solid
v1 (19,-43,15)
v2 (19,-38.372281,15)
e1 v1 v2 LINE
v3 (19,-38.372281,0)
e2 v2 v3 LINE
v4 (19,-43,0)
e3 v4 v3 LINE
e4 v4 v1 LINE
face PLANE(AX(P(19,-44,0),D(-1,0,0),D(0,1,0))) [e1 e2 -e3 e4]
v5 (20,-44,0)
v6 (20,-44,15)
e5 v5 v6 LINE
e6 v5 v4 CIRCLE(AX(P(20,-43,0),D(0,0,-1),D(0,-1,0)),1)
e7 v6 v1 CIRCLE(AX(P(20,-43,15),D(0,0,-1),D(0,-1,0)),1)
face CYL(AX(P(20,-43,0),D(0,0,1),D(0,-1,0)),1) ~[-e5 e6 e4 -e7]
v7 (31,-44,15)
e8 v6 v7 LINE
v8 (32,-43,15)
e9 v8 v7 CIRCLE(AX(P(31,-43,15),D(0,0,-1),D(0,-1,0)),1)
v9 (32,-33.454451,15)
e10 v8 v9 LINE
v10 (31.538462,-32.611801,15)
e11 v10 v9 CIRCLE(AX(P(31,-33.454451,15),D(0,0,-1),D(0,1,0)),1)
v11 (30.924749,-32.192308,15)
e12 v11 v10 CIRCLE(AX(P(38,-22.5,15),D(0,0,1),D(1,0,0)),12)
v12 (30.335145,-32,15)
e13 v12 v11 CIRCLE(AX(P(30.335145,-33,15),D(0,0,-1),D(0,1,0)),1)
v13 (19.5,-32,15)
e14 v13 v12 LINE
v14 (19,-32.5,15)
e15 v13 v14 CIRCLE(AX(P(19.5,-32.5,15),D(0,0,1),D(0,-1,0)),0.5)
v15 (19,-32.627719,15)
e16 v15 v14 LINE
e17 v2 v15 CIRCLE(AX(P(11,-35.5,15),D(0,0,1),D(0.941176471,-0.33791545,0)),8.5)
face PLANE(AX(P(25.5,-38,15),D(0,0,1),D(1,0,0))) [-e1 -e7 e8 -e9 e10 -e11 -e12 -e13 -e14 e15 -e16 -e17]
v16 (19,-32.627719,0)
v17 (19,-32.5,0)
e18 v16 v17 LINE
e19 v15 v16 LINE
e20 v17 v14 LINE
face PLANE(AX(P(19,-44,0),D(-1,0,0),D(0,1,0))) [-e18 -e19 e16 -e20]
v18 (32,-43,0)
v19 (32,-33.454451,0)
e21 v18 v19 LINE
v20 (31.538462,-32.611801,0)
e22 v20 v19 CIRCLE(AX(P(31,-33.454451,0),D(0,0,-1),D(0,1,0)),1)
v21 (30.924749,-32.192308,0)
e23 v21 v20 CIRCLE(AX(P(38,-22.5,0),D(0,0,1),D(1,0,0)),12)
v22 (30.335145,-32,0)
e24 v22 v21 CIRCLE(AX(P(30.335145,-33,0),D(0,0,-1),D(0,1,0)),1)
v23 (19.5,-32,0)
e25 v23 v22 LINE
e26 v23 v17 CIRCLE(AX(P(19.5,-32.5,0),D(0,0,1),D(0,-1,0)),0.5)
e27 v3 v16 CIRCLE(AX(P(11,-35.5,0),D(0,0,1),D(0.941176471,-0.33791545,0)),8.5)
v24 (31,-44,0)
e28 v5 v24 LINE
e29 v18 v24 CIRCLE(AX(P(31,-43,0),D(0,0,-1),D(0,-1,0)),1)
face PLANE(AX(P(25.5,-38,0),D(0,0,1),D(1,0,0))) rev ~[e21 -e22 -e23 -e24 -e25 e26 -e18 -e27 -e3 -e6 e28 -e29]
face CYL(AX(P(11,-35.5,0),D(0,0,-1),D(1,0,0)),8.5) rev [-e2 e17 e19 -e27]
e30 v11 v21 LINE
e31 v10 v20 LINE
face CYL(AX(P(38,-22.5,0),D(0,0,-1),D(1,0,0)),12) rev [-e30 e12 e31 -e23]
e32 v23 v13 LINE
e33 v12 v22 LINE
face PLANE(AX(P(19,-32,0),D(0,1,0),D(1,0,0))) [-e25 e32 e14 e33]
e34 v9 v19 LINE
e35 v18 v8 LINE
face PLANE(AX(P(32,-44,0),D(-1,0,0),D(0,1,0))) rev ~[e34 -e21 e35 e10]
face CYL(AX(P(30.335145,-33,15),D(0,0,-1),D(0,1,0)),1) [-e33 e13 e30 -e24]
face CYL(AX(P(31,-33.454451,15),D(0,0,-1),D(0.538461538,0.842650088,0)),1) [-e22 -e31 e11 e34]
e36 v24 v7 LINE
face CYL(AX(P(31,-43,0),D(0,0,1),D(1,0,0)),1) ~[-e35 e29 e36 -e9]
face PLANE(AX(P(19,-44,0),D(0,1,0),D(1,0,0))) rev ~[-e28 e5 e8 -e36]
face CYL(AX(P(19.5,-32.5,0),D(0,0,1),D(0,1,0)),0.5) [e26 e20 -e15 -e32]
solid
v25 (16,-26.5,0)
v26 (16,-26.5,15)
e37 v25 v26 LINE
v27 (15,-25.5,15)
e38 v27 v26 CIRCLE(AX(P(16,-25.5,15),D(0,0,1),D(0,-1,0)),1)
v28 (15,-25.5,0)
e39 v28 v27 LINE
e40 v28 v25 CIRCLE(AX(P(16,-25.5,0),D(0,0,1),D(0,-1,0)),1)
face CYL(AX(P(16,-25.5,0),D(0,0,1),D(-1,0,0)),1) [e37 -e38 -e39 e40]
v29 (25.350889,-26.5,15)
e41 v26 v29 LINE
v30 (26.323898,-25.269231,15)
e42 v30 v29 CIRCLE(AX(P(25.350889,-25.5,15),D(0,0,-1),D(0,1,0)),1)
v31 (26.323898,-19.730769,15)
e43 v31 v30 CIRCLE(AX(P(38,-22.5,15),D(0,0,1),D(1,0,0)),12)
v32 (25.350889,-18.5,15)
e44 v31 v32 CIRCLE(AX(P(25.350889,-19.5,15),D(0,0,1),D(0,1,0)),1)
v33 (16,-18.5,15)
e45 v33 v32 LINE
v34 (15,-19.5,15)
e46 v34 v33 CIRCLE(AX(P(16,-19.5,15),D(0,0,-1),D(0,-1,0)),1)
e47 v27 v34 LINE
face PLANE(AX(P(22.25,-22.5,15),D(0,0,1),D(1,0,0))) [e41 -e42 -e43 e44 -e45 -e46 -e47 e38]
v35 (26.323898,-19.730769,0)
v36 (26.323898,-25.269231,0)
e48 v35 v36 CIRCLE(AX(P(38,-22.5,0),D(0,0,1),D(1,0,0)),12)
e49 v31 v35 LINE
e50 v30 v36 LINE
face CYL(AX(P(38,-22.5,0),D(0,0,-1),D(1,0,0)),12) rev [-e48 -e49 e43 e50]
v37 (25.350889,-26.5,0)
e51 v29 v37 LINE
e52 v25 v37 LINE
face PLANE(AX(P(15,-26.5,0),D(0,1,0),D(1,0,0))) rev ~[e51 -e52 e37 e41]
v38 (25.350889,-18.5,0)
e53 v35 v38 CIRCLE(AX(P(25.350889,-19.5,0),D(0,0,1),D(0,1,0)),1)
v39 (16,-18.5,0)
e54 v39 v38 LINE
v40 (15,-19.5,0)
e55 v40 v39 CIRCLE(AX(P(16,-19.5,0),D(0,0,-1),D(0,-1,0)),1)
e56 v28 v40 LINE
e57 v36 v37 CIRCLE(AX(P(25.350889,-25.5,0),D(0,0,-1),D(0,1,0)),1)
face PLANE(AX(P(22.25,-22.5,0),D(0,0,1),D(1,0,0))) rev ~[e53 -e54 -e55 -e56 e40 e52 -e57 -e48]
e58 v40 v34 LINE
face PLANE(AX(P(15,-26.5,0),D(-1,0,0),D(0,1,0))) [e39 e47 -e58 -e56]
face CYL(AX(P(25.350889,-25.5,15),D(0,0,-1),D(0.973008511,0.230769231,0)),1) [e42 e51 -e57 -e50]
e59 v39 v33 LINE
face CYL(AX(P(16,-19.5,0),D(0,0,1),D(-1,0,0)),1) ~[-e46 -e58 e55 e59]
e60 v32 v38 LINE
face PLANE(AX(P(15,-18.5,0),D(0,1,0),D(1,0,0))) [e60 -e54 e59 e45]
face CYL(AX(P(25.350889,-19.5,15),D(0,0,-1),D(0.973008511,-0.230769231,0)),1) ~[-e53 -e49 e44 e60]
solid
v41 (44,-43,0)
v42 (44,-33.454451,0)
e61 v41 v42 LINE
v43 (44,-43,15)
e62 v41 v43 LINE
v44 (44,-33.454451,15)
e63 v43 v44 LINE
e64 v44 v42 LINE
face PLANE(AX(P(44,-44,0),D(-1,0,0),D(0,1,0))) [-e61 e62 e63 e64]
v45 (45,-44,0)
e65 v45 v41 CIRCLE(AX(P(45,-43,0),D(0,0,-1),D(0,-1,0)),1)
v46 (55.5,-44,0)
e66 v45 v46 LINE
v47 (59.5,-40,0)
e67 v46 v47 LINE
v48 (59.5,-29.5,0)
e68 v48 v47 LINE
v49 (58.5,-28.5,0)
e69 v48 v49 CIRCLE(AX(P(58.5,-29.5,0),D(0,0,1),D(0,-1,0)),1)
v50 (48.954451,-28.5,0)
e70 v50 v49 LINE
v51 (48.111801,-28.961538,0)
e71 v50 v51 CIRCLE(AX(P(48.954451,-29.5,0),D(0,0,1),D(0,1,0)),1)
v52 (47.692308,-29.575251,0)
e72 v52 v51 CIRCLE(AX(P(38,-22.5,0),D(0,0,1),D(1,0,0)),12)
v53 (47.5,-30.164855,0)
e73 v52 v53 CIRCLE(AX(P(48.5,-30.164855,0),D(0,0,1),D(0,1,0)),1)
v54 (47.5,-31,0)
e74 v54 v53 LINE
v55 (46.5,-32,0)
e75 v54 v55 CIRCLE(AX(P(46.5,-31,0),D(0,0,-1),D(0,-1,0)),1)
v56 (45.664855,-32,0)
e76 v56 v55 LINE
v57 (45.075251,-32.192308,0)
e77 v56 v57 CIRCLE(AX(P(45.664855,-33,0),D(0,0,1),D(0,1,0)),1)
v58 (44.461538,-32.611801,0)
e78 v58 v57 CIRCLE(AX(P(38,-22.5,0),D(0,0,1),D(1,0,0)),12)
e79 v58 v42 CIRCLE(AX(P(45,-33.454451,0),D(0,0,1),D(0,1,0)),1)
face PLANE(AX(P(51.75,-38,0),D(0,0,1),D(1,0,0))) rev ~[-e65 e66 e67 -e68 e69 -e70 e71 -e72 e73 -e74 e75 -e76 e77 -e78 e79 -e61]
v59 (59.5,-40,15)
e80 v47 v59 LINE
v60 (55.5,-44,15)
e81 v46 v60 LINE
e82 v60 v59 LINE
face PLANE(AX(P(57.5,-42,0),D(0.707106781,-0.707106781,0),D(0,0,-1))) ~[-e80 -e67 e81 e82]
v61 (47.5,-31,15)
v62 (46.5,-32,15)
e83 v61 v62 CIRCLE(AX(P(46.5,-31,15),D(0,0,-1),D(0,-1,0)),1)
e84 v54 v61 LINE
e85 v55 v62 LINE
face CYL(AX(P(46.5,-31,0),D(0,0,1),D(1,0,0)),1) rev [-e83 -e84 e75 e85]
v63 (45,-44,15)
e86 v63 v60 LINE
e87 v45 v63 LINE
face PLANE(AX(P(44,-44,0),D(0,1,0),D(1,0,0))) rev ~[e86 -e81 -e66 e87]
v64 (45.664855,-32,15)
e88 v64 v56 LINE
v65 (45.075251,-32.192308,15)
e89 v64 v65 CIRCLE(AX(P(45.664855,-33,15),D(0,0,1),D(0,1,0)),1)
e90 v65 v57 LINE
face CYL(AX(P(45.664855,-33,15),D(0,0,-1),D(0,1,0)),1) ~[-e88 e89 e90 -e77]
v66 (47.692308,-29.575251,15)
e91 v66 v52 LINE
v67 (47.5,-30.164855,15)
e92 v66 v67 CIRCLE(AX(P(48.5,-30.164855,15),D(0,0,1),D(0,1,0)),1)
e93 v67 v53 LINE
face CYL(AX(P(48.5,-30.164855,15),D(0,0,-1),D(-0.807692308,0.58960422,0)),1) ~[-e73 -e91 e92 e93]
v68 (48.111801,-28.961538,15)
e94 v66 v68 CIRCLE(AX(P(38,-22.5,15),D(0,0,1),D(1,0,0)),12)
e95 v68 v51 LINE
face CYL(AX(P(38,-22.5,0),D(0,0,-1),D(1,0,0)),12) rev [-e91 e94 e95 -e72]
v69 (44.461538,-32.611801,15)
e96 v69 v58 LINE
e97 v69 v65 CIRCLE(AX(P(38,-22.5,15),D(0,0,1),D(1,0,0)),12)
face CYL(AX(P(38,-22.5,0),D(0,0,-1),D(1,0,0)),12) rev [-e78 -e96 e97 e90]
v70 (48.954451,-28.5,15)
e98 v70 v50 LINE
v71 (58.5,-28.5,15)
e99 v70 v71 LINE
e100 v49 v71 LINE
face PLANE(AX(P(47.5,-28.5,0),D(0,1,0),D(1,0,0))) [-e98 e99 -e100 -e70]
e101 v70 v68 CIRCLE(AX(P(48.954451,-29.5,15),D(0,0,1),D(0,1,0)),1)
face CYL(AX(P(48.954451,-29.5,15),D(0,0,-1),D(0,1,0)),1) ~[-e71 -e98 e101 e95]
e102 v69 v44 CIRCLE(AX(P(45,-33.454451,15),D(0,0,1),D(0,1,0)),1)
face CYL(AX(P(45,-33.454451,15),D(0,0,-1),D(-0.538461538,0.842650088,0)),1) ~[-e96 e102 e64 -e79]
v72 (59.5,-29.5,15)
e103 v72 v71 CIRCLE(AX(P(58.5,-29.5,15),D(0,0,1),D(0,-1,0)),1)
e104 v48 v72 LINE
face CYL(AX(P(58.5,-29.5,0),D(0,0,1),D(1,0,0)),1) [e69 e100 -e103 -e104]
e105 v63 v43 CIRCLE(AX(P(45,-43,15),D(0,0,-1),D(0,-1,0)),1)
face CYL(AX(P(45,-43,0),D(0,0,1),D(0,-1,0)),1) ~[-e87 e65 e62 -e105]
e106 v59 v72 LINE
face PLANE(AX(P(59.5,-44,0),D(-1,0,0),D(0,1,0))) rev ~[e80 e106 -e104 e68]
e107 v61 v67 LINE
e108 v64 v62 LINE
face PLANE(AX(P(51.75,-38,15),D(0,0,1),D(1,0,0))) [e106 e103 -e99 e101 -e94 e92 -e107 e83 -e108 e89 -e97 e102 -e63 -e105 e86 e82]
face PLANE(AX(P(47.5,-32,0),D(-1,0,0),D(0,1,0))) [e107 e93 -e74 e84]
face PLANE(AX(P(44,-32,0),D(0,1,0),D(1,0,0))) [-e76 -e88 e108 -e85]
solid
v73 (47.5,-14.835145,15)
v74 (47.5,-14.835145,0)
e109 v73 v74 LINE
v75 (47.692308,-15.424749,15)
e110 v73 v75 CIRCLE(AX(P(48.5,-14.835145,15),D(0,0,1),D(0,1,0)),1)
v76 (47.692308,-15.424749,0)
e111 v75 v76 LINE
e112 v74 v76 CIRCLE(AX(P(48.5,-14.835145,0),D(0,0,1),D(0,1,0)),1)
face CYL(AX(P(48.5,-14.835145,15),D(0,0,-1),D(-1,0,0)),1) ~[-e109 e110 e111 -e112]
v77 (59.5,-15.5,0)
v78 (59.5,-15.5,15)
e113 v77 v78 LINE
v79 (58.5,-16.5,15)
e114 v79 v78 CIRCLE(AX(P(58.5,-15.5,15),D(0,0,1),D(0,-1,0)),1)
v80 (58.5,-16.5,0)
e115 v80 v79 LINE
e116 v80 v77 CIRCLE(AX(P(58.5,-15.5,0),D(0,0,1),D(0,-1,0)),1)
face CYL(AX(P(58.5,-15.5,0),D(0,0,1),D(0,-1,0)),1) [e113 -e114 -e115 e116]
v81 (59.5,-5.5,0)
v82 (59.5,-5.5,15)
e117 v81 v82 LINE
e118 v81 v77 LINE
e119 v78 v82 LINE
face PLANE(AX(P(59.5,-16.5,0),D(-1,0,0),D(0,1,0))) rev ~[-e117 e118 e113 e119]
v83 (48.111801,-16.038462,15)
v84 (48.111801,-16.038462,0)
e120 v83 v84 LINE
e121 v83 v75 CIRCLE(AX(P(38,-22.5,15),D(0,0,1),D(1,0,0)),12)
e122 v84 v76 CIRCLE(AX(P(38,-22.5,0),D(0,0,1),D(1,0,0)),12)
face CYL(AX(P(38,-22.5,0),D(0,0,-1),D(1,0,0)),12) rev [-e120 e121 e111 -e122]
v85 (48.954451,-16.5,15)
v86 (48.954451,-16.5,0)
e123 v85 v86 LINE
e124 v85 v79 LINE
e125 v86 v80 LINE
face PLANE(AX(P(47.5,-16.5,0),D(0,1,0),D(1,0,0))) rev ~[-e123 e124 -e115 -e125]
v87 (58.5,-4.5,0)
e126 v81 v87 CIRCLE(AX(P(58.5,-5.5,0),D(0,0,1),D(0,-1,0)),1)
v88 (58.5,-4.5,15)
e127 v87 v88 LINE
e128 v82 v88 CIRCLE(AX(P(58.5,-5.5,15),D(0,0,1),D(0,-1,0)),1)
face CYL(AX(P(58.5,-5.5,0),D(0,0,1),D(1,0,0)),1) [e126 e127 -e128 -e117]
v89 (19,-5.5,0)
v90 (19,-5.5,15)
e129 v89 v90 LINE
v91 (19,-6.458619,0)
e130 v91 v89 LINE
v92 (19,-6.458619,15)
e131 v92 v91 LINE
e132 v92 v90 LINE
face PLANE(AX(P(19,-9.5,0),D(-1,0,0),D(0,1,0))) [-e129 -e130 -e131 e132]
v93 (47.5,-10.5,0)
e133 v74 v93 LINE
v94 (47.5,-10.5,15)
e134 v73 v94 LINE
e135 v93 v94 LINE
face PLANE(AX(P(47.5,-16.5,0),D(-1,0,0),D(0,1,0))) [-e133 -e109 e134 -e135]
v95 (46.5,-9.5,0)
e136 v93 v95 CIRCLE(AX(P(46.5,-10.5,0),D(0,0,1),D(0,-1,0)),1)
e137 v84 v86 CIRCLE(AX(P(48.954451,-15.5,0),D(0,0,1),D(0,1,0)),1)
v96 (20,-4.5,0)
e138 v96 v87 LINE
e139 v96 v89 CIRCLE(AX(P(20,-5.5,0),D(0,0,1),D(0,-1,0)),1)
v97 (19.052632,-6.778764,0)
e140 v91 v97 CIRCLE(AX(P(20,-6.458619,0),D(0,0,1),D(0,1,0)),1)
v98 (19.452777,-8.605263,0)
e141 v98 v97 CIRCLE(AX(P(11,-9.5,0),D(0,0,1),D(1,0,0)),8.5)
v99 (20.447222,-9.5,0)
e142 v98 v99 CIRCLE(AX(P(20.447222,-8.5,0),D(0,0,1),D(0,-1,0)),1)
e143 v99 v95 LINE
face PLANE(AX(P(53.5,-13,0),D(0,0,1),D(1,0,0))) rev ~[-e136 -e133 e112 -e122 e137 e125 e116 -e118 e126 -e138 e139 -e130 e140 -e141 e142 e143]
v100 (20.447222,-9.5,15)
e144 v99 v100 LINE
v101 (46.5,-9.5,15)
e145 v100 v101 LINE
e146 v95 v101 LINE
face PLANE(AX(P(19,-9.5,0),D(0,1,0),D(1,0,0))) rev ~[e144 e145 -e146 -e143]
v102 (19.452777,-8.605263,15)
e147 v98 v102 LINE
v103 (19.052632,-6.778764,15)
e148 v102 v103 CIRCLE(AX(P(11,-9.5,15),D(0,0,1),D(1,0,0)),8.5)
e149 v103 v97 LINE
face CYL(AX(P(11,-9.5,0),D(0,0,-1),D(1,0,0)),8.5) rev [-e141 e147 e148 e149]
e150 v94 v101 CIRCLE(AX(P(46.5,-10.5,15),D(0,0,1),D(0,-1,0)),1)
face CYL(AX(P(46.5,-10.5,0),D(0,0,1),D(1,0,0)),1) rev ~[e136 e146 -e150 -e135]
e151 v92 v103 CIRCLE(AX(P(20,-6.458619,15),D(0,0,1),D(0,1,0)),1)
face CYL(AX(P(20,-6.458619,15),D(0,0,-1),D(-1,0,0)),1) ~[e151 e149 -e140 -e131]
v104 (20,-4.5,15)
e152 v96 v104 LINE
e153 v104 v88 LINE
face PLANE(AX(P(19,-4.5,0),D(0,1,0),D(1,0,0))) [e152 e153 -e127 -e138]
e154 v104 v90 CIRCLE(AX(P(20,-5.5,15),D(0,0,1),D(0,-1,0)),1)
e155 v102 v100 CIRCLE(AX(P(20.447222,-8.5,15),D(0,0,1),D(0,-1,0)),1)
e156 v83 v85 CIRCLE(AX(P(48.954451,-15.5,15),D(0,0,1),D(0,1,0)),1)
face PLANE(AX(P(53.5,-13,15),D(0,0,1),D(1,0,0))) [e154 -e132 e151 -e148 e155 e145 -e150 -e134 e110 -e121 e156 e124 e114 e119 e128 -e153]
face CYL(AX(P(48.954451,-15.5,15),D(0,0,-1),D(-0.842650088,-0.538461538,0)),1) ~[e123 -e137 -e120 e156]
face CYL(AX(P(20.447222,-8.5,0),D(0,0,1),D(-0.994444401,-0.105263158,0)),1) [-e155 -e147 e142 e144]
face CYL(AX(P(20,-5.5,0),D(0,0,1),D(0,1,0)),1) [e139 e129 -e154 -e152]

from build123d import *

# Parameters (mm, degrees)
CYLINDER069_R     = 8.5
CYLINDER069_DEPTH = 15
CYLINDER071_R     = 8.5
CYLINDER071_DEPTH = 15
CYLINDER070_R     = 12
CYLINDER070_DEPTH = 15
BOX015_W          = 12
BOX015_H          = 7
BOX015_DEPTH      = 15
BOX014_W          = 12
BOX014_H          = 3.5
BOX014_DEPTH      = 15
BOX012_W          = 15.5
BOX012_H          = 12
BOX012_DEPTH      = 15
CHAMFER012_SIZE   = 4
BOX011_W          = 13
BOX011_H          = 12
BOX011_DEPTH      = 15
BOX016_W          = 14.5
BOX016_H          = 8
BOX016_DEPTH      = 15
BOX013_W          = 40.5
BOX013_H          = 5
BOX013_DEPTH      = 15
FILLET003_R       = 0.5
FILLET004_R       = 1


with BuildPart() as cylinder069:
    # Cylinder069 → Cylinder069 (new body)
    with BuildSketch(Plane(origin=(11, -35.5, 0), x_dir=(1, 0, 0), z_dir=(0, 0, 1))):
        Circle(CYLINDER069_R)
    extrude(amount=CYLINDER069_DEPTH)


with BuildPart() as cylinder071:
    # Cylinder071 → Cylinder071 (new body)
    with BuildSketch(Plane(origin=(11, -9.5, 0), x_dir=(1, 0, 0), z_dir=(0, 0, 1))):
        Circle(CYLINDER071_R)
    extrude(amount=CYLINDER071_DEPTH)


with BuildPart() as fusion006002011004053036004001003011:
    # Cylinder070 → Cylinder070 (new body)
    with BuildSketch(Plane(origin=(38, -22.5, 0), x_dir=(1, 0, 0), z_dir=(0, 0, 1))):
        Circle(CYLINDER070_R)
    extrude(amount=CYLINDER070_DEPTH)

    # Fusion006002011004053036004001003011: union Cylinder069, Cylinder071
    add(cylinder069.part)
    add(cylinder071.part)


with BuildPart() as cube015:
    # Box015 → Box015 (new body)
    with BuildSketch(Plane(origin=(47.5, -16.5, 0), x_dir=(1, 0, 0), z_dir=(0, 0, 1))):
        with Locations((6, 3.5)):
            Rectangle(BOX015_W, BOX015_H)
    extrude(amount=BOX015_DEPTH)


with BuildPart() as cube014:
    # Box014 → Box014 (new body)
    with BuildSketch(Plane(origin=(47.5, -32, 0), x_dir=(1, 0, 0), z_dir=(0, 0, 1))):
        with Locations((6, 1.75)):
            Rectangle(BOX014_W, BOX014_H)
    extrude(amount=BOX014_DEPTH)


with BuildPart() as chamfer012:
    # Box012 → Box012 (new body)
    with BuildSketch(Plane(origin=(44, -44, 0), x_dir=(1, 0, 0), z_dir=(0, 0, 1))):
        with Locations((7.75, 6)):
            Rectangle(BOX012_W, BOX012_H)
    extrude(amount=BOX012_DEPTH)

    # Chamfer012
    chamfer012_edges = [chamfer012.edges().sort_by_distance(p)[0] for p in [
        (59.5, -44, 7.5),
    ]]
    chamfer(chamfer012_edges, length=CHAMFER012_SIZE)


with BuildPart() as cube011:
    # Box011 → Box011 (new body)
    with BuildSketch(Plane(origin=(19, -44, 0), x_dir=(1, 0, 0), z_dir=(0, 0, 1))):
        with Locations((6.5, 6)):
            Rectangle(BOX011_W, BOX011_H)
    extrude(amount=BOX011_DEPTH)


with BuildPart() as cube016:
    # Box016 → Box016 (new body)
    with BuildSketch(Plane(origin=(15, -26.5, 0), x_dir=(1, 0, 0), z_dir=(0, 0, 1))):
        with Locations((7.25, 4)):
            Rectangle(BOX016_W, BOX016_H)
    extrude(amount=BOX016_DEPTH)


with BuildPart() as wall:
    # Box013 → Box013 (new body)
    with BuildSketch(Plane(origin=(19, -9.5, 0), x_dir=(1, 0, 0), z_dir=(0, 0, 1))):
        with Locations((20.25, 2.5)):
            Rectangle(BOX013_W, BOX013_H)
    extrude(amount=BOX013_DEPTH)

    # Fusion006002011004053036004001003012: union Cube015, Cube014, Chamfer012, Cube011, Cube016
    add(cube015.part)
    add(cube014.part)
    add(chamfer012.part)
    add(cube011.part)
    add(cube016.part)

    # Cut002008008: cut Fusion006002011004053036004001003011
    add(fusion006002011004053036004001003011.part, mode=Mode.SUBTRACT)

    # Fillet003
    fillet003_edges = [wall.edges().sort_by_distance(p)[0] for p in [
        (19, -32, 7.5),
    ]]
    fillet(fillet003_edges, radius=FILLET003_R)

    # Fillet004
    fillet004_edges = [wall.edges().sort_by_distance(p)[0] for p in [
        (30.668561, -32, 7.5),
        (32, -32.892305, 7.5),
        (19, -44, 7.5),
        (32, -44, 7.5),
        (19, -4.5, 7.5),
        (19, -6.627719, 7.5),
        (59.5, -4.5, 7.5),
        (19.5, -9.5, 7.5),
        (47.5, -9.5, 7.5),
        (59.5, -16.5, 7.5),
        (47.5, -15.168561, 7.5),
        (48.392305, -16.5, 7.5),
        (47.5, -29.831439, 7.5),
        (47.5, -32, 7.5),
        (48.392305, -28.5, 7.5),
        (45.331439, -32, 7.5),
        (59.5, -28.5, 7.5),
        (44, -32.892305, 7.5),
        (44, -44, 7.5),
        (15, -26.5, 7.5),
        (15, -18.5, 7.5),
        (26.686292, -26.5, 7.5),
        (26.686292, -18.5, 7.5),
    ]]
    fillet(fillet004_edges, radius=FILLET004_R)


solid = wall.part
